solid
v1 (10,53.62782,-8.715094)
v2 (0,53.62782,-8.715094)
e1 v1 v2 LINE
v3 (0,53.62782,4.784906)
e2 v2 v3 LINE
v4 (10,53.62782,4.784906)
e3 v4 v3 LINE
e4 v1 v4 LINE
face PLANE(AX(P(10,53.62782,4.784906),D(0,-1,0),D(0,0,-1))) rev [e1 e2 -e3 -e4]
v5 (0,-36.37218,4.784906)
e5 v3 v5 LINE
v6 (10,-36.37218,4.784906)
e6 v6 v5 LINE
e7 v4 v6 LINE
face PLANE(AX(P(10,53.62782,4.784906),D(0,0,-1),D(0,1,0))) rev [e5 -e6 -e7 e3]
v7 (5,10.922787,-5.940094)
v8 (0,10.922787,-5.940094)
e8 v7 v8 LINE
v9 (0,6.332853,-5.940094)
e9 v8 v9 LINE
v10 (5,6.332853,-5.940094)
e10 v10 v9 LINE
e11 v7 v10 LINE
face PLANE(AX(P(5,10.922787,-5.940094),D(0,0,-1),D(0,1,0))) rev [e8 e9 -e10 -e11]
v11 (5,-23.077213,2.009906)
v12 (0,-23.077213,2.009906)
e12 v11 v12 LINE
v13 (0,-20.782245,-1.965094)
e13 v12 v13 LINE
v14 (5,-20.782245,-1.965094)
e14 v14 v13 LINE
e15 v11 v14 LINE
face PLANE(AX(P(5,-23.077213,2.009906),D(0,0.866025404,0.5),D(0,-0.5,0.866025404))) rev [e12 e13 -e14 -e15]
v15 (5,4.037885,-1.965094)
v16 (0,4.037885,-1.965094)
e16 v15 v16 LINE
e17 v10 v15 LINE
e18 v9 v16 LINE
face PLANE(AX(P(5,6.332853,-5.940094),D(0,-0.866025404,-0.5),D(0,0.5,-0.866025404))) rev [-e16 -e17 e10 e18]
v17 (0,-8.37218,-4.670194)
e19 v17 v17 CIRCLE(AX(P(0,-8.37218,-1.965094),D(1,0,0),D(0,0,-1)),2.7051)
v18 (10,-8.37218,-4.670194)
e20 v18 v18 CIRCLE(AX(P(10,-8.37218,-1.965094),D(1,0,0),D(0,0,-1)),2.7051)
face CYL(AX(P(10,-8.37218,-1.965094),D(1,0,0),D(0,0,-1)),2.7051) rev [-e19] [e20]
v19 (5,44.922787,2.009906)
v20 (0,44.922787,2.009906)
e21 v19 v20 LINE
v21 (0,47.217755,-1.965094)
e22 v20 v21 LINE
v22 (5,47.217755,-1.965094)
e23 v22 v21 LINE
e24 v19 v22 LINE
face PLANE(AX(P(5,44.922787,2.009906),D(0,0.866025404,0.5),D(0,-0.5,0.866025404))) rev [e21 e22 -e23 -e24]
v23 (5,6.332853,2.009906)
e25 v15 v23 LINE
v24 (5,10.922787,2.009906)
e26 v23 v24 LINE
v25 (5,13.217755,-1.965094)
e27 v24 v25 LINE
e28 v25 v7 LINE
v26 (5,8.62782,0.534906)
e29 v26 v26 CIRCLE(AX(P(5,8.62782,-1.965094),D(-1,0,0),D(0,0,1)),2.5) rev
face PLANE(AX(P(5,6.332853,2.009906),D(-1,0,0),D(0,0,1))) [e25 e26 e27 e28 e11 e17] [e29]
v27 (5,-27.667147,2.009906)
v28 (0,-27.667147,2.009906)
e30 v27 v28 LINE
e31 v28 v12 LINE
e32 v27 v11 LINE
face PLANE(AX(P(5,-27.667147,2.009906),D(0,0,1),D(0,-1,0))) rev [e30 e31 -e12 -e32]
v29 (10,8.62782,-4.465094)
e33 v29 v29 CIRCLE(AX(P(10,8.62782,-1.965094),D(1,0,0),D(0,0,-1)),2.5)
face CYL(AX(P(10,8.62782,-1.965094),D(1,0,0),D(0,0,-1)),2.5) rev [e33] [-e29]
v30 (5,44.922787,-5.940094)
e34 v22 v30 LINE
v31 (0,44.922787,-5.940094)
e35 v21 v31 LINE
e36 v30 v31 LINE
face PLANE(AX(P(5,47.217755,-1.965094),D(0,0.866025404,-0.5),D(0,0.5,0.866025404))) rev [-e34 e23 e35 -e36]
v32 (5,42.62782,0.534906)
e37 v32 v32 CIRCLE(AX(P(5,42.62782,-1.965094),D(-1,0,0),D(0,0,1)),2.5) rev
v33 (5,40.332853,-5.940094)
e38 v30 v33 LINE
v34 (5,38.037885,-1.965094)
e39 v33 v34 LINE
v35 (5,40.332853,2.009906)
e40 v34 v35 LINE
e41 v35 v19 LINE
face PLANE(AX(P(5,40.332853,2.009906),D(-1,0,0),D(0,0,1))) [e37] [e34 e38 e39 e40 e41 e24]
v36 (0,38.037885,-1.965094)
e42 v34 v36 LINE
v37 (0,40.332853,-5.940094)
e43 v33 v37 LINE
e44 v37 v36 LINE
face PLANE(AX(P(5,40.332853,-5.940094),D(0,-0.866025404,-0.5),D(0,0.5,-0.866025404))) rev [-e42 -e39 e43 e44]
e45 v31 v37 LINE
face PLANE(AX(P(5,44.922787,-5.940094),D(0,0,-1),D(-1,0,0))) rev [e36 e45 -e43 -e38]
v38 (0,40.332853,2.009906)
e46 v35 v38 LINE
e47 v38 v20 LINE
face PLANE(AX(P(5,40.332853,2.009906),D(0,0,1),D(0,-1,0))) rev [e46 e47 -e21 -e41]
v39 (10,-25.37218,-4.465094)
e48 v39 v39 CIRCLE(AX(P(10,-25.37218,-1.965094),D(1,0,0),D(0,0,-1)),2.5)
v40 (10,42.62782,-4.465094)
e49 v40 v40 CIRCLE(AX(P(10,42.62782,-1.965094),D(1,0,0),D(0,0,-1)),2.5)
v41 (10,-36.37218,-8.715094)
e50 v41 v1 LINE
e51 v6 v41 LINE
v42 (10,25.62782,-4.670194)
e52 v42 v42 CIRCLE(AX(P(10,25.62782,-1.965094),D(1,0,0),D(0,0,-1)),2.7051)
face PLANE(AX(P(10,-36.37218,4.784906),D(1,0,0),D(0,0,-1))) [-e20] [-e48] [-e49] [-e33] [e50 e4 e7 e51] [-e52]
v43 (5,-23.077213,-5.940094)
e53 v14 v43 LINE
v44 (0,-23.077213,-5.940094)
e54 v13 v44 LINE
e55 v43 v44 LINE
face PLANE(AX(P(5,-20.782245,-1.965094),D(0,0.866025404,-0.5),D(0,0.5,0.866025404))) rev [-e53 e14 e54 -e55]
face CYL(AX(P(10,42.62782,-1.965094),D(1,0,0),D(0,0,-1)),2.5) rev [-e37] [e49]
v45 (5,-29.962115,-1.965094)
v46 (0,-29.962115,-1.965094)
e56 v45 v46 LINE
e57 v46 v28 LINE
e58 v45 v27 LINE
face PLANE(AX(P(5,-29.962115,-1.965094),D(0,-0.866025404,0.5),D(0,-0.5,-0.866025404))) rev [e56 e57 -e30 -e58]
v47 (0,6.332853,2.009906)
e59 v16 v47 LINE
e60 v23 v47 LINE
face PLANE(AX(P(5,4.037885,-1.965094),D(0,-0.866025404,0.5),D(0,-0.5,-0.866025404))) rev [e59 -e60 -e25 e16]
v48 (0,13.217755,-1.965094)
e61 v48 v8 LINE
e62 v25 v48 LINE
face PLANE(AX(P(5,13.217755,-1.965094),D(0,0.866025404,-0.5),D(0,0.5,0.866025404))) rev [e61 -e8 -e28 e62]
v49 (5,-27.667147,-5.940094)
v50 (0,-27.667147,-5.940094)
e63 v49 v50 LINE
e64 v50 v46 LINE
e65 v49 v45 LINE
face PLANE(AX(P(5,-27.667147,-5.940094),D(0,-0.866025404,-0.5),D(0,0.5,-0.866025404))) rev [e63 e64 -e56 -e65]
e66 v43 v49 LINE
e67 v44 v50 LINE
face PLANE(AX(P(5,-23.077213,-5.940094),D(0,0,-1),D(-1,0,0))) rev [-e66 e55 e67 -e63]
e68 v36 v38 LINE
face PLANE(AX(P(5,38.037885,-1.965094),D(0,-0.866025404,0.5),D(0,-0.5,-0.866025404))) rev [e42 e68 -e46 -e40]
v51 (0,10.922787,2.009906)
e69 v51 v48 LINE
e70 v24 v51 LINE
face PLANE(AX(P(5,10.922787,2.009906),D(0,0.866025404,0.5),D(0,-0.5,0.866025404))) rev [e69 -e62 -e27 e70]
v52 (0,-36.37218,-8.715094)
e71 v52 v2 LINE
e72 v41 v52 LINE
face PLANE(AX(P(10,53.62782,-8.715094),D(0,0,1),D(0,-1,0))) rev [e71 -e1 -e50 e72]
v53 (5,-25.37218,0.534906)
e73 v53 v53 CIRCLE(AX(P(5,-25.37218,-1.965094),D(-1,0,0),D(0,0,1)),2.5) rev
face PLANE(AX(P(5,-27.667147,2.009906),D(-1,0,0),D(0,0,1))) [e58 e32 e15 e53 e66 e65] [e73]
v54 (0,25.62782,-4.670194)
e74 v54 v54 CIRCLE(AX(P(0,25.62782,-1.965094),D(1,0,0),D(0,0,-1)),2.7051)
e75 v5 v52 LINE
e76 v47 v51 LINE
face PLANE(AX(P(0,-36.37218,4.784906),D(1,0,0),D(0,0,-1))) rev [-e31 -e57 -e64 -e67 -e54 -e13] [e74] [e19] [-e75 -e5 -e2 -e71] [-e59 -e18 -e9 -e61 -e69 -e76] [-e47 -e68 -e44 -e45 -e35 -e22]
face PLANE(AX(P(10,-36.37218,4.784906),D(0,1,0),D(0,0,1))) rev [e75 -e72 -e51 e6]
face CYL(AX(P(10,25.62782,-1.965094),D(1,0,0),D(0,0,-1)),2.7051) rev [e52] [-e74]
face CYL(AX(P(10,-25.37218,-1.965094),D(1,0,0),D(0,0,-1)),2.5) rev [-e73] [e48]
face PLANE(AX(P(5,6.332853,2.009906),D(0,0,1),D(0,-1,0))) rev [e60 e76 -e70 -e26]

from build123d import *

# Parameters (mm, degrees)
SKETCH1_W                    = 13.5
SKETCH1_H                    = 90
BOSS_EXTRUDE1_DEPTH          = 10
F_1_4_28_TAPPED_HOLE1_D      = 5.4102
F_5_0_5_DIAMETER_HOLE1_D     = 5
F_5_0_5_DIAMETER_HOLE1_DEPTH = 49.5
F_5_0_5_DIAMETER_HOLE1_TIP   = 1.502151548
CUT_EXTRUDE2_DEPTH           = 5


with BuildPart() as part:
    # Sketch1 → Boss-Extrude1 (new body)
    with BuildSketch(Plane(origin=(0, 0, 0), x_dir=(0, 0, -1), z_dir=(1, 0, 0))):
        with Locations((1.965094474, 8.62782)):
            Rectangle(SKETCH1_W, SKETCH1_H)
    extrude(amount=BOSS_EXTRUDE1_DEPTH)

    # 1/4-28 Tapped Hole1 (through all)
    with Locations(Plane(origin=(10, 0, 0), x_dir=(0, 0, -1), z_dir=(1, 0, 0))):
        with Locations((1.965094474, 25.62782), (1.965094474, -8.37218)):
            Hole(F_1_4_28_TAPPED_HOLE1_D / 2)

    # Ø5.0 (5) Diameter Hole1
    with Locations(Plane(origin=(10, 0, 0), x_dir=(0, 0, -1), z_dir=(1, 0, 0))):
        with Locations((1.965094474, 42.62782), (1.965094474, -25.37218), (1.965094474, 8.62782)):
            Hole(F_5_0_5_DIAMETER_HOLE1_D / 2, depth=F_5_0_5_DIAMETER_HOLE1_DEPTH)
            with Locations((0, 0, -(F_5_0_5_DIAMETER_HOLE1_DEPTH + F_5_0_5_DIAMETER_HOLE1_TIP / 2))):  # 118° drill point
                Cone(0, F_5_0_5_DIAMETER_HOLE1_D / 2, F_5_0_5_DIAMETER_HOLE1_TIP, mode=Mode.SUBTRACT)

    # Sketch7 → Cut-Extrude2 (cut)
    with BuildSketch(Plane.ZY):
        Polygon((2.009905526, 40.33285268), (2.009905526, 44.92278732), (-1.965094474, 47.21775464), (-5.940094474, 44.92278732), (-5.940094474, 40.33285268), (-1.965094474, 38.03788536), align=None)
        Polygon((2.009905526, 6.33285268), (2.009905526, 10.92278732), (-1.965094474, 13.21775464), (-5.940094474, 10.92278732), (-5.940094474, 6.33285268), (-1.965094474, 4.03788536), align=None)
        Polygon((2.009905526, -27.66714732), (2.009905526, -23.07721268), (-1.965094474, -20.78224536), (-5.940094474, -23.07721268), (-5.940094474, -27.66714732), (-1.965094474, -29.96211464), align=None)
    extrude(amount=-CUT_EXTRUDE2_DEPTH, mode=Mode.SUBTRACT)


solid = part.part
